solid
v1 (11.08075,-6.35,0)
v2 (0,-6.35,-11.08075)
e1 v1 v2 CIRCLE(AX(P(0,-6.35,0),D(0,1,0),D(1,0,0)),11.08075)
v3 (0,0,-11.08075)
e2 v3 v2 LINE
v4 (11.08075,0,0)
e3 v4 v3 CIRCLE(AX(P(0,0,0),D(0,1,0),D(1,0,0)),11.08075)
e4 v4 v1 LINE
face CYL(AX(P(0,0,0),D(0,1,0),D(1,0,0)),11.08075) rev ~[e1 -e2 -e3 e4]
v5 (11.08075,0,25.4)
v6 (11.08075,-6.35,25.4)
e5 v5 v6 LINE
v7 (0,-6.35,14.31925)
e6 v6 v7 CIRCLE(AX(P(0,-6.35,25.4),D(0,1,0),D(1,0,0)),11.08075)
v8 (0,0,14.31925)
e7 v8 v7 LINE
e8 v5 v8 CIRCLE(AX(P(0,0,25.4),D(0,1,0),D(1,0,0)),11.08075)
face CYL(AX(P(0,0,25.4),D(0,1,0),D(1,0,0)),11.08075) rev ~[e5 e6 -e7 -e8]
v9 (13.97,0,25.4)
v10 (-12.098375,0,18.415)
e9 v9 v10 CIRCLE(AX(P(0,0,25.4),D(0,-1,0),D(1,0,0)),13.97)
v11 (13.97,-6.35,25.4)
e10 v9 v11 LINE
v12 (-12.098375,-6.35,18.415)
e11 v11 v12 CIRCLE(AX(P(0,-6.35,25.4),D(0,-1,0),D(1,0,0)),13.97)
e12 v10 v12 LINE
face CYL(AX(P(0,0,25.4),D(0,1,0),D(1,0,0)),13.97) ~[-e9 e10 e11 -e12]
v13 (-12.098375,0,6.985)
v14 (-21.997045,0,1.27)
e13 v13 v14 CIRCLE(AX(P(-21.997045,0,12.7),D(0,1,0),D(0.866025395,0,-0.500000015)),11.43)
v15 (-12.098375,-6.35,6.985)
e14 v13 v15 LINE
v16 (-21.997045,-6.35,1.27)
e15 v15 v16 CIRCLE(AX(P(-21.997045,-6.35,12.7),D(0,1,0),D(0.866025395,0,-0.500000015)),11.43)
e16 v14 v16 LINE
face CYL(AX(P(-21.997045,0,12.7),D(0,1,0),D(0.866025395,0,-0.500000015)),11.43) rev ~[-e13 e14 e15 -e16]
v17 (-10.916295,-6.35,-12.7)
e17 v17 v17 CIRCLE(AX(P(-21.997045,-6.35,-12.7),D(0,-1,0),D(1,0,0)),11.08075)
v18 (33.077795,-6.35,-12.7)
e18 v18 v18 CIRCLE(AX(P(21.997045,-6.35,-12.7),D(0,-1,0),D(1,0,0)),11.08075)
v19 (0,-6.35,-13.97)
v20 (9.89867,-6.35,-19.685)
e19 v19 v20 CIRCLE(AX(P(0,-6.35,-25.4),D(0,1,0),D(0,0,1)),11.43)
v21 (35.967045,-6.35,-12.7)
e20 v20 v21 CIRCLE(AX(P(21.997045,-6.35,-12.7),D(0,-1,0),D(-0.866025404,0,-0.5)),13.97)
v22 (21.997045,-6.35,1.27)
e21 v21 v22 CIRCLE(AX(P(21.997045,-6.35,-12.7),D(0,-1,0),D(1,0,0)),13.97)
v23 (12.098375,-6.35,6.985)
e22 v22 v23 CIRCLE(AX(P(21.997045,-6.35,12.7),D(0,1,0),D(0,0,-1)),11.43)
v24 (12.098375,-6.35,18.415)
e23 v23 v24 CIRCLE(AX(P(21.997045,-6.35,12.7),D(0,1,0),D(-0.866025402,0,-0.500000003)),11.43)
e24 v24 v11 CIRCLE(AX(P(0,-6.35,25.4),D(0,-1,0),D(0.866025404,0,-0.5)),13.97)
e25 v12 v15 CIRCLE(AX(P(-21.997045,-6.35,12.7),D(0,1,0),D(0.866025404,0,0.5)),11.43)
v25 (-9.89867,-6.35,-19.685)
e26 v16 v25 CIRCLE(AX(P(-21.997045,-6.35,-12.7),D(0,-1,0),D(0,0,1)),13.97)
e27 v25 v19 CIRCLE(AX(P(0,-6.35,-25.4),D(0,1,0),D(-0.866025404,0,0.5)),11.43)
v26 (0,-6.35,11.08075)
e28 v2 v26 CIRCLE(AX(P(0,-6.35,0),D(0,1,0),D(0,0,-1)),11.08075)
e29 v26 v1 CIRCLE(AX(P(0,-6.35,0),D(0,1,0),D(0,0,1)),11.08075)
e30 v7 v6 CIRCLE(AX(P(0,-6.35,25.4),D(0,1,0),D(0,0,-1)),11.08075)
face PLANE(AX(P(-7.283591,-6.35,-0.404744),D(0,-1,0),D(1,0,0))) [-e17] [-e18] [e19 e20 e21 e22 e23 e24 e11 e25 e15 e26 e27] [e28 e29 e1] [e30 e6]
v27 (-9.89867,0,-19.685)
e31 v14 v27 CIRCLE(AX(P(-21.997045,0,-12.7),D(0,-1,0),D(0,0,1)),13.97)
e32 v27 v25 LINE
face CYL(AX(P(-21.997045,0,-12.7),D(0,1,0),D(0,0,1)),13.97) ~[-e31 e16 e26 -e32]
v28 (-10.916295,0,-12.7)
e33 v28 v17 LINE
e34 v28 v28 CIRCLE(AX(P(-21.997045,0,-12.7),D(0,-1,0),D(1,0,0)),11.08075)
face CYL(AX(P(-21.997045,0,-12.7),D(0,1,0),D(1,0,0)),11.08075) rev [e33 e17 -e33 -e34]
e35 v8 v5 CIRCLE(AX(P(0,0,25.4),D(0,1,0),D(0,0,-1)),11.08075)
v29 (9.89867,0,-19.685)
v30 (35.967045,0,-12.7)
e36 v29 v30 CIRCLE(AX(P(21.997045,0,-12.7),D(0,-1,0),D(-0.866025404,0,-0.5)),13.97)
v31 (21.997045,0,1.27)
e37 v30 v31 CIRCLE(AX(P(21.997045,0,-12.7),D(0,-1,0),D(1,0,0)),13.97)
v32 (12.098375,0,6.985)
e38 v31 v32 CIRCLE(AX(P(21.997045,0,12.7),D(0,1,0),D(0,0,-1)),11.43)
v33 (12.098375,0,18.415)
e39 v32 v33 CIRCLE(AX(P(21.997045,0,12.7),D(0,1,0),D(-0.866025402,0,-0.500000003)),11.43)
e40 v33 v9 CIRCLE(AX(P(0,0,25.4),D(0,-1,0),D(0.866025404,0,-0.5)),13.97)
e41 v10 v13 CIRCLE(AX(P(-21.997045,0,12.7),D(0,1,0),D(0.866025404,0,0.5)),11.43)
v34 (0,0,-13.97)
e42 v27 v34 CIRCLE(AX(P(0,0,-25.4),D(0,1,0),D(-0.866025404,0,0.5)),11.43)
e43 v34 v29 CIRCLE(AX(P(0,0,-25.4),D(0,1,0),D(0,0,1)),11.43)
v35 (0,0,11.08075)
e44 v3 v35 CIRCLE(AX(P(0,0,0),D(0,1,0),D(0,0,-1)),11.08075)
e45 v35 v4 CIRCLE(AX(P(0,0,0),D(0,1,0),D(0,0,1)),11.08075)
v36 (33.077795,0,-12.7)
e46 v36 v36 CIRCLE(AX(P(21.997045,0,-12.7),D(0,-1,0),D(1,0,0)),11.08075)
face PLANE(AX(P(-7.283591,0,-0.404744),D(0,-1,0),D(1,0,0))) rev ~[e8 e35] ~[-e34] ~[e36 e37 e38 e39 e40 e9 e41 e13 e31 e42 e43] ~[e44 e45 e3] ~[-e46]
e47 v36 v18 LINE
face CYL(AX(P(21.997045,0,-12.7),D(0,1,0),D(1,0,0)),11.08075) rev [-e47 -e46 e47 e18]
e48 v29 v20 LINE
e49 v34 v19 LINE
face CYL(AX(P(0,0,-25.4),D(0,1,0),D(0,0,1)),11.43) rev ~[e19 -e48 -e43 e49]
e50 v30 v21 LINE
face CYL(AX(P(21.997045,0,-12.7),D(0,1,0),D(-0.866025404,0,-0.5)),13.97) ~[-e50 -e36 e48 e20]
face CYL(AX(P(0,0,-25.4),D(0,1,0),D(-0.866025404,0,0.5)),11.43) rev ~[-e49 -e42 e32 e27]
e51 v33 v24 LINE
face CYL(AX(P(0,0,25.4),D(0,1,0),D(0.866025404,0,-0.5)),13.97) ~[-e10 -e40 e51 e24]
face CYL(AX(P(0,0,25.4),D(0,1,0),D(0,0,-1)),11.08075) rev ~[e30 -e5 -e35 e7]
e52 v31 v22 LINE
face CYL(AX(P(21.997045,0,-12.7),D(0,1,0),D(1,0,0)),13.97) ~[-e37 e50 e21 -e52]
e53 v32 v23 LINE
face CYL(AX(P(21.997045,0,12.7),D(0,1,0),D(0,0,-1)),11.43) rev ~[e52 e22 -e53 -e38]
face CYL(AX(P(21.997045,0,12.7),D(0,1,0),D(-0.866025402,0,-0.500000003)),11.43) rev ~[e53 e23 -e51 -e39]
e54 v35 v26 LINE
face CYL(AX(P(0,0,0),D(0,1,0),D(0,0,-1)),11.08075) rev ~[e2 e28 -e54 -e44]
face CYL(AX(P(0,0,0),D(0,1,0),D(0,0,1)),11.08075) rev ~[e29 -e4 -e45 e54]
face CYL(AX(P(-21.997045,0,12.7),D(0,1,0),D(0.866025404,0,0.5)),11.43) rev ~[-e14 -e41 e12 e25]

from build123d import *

# Parameters (mm, degrees)
F0_R     = 11.08075
F1_DEPTH = 6.35


with BuildPart() as f1:
    # F0 (on Front) → F1 (new body)
    with BuildSketch(Plane.XZ):
        with BuildLine():
            ThreePointArc((0, -11.08075), (-11.08075, 0), (0, 11.08075))
            Line((0, 11.08075), (0, 11.43))
            ThreePointArc((0, 11.43), (-2.9784140075, 11.7511923598), (-5.8198711326, 12.7))
            ThreePointArc((-5.8198711326, 12.7), (-9.4037860849, 10.3310070791), (-12.0983749873, 6.9849998329))
            ThreePointArc((-12.0983749873, 6.9849998329), (-13.6488076608, 2.9784139133), (-13.9084581944, -1.3098437524))
            ThreePointArc((-13.9084581944, -1.3098437524), (-9.8986703653, -5.715), (-8.0885870618, -11.3901562476))
            ThreePointArc((-8.0885870618, -11.3901562476), (-4.2450216288, -13.3094211509), (-4.4e-09, -13.97))
            Line((0, -13.97), (0, -11.08075))
        make_face()
        with BuildLine():
            ThreePointArc((-13.9084581944, -1.3098437524), (-12.0983748909, -6.985), (-8.0885870618, -11.3901562476))
            ThreePointArc((-8.0885870618, -11.3901562476), (-9.8986703653, -5.715), (-13.9084581944, -1.3098437524))
        make_face()
        with BuildLine():
            ThreePointArc((-8.0270452561, -12.7), (-8.042439189, -12.044355651), (-8.0885870618, -11.3901562476))
            ThreePointArc((-8.0885870618, -11.3901562476), (-12.0983748909, -6.985), (-13.9084581944, -1.3098437524))
            ThreePointArc((-13.9084581944, -1.3098437524), (-17.7520236295, 0.6094211516), (-21.9970452561, 1.27))
            ThreePointArc((-21.9970452561, 1.27), (-34.095420147, -19.685), (-9.8986703653, -19.685))
            ThreePointArc((-9.8986703653, -19.685), (-8.5030614629, -16.3157020601), (-8.0270452561, -12.7))
        make_face()
        with Locations((-21.9970452561, -12.7)):
            Circle(F0_R, mode=Mode.SUBTRACT)
        with BuildLine():
            ThreePointArc((-13.9084581944, -1.3098437524), (-13.6488076608, 2.9784139133), (-12.0983749873, 6.9849998329))
            ThreePointArc((-12.0983749873, 6.9849998329), (-16.2820453397, 2.8013295865), (-21.9970452561, 1.27))
            ThreePointArc((-21.9970452561, 1.27), (-17.7520236295, 0.6094211516), (-13.9084581944, -1.3098437524))
        make_face()
        with BuildLine():
            ThreePointArc((-12.0983749873, 6.9849998329), (-9.4037860849, 10.3310070791), (-5.8198711326, 12.7))
            ThreePointArc((-5.8198711326, 12.7), (-9.4037860136, 15.0689928559), (-12.0983748909, 18.415))
            ThreePointArc((-12.0983748909, 18.415), (-10.5670452561, 12.6999999036), (-12.0983749873, 6.9849998329))
        make_face()
        with BuildLine():
            ThreePointArc((-5.8198711326, 12.7), (-2.9784140075, 13.6488076402), (0, 13.97))
            ThreePointArc((0, 13.97), (2.9784140075, 13.6488076402), (5.8198711326, 12.7))
            ThreePointArc((5.8198711326, 12.7), (9.4037860136, 15.0689928559), (12.0983748909, 18.415))
            ThreePointArc((12.0983748909, 18.415), (13.4939837933, 21.7842979399), (13.97, 25.4))
            ThreePointArc((13.97, 25.4), (-3.6157020601, 38.8939837933), (-12.0983748909, 18.415))
            ThreePointArc((-12.0983748909, 18.415), (-9.4037860136, 15.0689928559), (-5.8198711326, 12.7))
        make_face()
        with BuildLine():
            ThreePointArc((11.08075, 25.4), (7.8352734656, 17.5647265344), (0, 14.31925))
            ThreePointArc((0, 14.31925), (-7.8352734656, 33.2352734656), (11.08075, 25.4))
        make_face(mode=Mode.SUBTRACT)
        with BuildLine():
            ThreePointArc((-5.8198711326, 12.7), (-2.9784140075, 11.7511923598), (0, 11.43))
            Line((0, 11.43), (0, 13.97))
            ThreePointArc((0, 13.97), (-2.9784140075, 13.6488076402), (-5.8198711326, 12.7))
        make_face()
        with BuildLine():
            Line((0, 13.97), (0, 11.43))
            ThreePointArc((0, 11.43), (2.9784140075, 11.7511923598), (5.8198711326, 12.7))
            ThreePointArc((5.8198711326, 12.7), (2.9784140075, 13.6488076402), (0, 13.97))
        make_face()
        with BuildLine():
            ThreePointArc((0, 11.08075), (7.8352734656, 7.8352734656), (11.08075, 0))
            ThreePointArc((11.08075, 0), (7.8352734656, -7.8352734656), (0, -11.08075))
            Line((0, -11.08075), (0, -13.97))
            ThreePointArc((-4.4e-09, -13.97), (4.2450216245, -13.3094211522), (8.0885870618, -11.3901562476))
            ThreePointArc((8.0885870618, -11.3901562476), (9.8986703653, -5.715), (13.9084581944, -1.3098437524))
            ThreePointArc((13.9084581944, -1.3098437524), (13.9546060671, -0.655644349), (13.97, 0))
            ThreePointArc((13.97, 0), (13.4939837983, 3.6157020414), (12.0983749102, 6.9849999665))
            ThreePointArc((12.0983749102, 6.9849999665), (9.4037860279, 10.331007131), (5.8198711326, 12.7))
            ThreePointArc((5.8198711326, 12.7), (2.9784140075, 11.7511923598), (0, 11.43))
            Line((0, 11.43), (0, 11.08075))
        make_face()
        with BuildLine():
            ThreePointArc((12.0983748909, 18.415), (9.4037860136, 15.0689928559), (5.8198711326, 12.7))
            ThreePointArc((5.8198711326, 12.7), (9.4037860279, 10.331007131), (12.0983749102, 6.9849999665))
            ThreePointArc((12.0983749102, 6.9849999665), (10.5670452561, 12.6999999806), (12.0983748909, 18.415))
        make_face()
        with BuildLine():
            ThreePointArc((21.9970452561, 1.27), (16.2820452729, 2.8013296251), (12.0983749102, 6.9849999665))
            ThreePointArc((12.0983749102, 6.9849999665), (13.4939837983, 3.6157020414), (13.97, 0))
            ThreePointArc((13.97, 0), (13.9546060671, -0.655644349), (13.9084581944, -1.3098437524))
            ThreePointArc((13.9084581944, -1.3098437524), (17.7520236295, 0.6094211516), (21.9970452561, 1.27))
        make_face()
        with BuildLine():
            ThreePointArc((13.9084581944, -1.3098437524), (12.0983748909, -6.985), (8.0885870618, -11.3901562476))
            ThreePointArc((8.0885870618, -11.3901562476), (8.3482376159, -15.6784140075), (9.8986703653, -19.685))
            ThreePointArc((9.8986703653, -19.685), (25.6127473162, -26.1939837933), (35.9670452561, -12.7))
            ThreePointArc((35.9670452561, -12.7), (31.8753269893, -2.8217182668), (21.9970452561, 1.27))
            ThreePointArc((21.9970452561, 1.27), (17.7520236295, 0.6094211516), (13.9084581944, -1.3098437524))
        make_face()
        with Locations((21.9970452561, -12.7)):
            Circle(F0_R, mode=Mode.SUBTRACT)
        with BuildLine():
            ThreePointArc((13.9084581944, -1.3098437524), (9.8986703653, -5.715), (8.0885870618, -11.3901562476))
            ThreePointArc((8.0885870618, -11.3901562476), (12.0983748909, -6.985), (13.9084581944, -1.3098437524))
        make_face()
        with BuildLine():
            ThreePointArc((-9.8986703653, -19.685), (-5.7150000019, -15.5013296359), (-4.4e-09, -13.97))
            ThreePointArc((-4.4e-09, -13.97), (-4.2450216288, -13.3094211509), (-8.0885870618, -11.3901562476))
            ThreePointArc((-8.0885870618, -11.3901562476), (-8.042439189, -12.044355651), (-8.0270452561, -12.7))
            ThreePointArc((-8.0270452561, -12.7), (-8.5030614629, -16.3157020601), (-9.8986703653, -19.685))
        make_face()
        with BuildLine():
            ThreePointArc((8.0885870618, -11.3901562476), (4.2450216245, -13.3094211522), (-4.4e-09, -13.97))
            ThreePointArc((-4.4e-09, -13.97), (5.7149999981, -15.5013296336), (9.8986703653, -19.685))
            ThreePointArc((9.8986703653, -19.685), (8.3482376159, -15.6784140075), (8.0885870618, -11.3901562476))
        make_face()
    extrude(amount=F1_DEPTH)


solid = f1.part
